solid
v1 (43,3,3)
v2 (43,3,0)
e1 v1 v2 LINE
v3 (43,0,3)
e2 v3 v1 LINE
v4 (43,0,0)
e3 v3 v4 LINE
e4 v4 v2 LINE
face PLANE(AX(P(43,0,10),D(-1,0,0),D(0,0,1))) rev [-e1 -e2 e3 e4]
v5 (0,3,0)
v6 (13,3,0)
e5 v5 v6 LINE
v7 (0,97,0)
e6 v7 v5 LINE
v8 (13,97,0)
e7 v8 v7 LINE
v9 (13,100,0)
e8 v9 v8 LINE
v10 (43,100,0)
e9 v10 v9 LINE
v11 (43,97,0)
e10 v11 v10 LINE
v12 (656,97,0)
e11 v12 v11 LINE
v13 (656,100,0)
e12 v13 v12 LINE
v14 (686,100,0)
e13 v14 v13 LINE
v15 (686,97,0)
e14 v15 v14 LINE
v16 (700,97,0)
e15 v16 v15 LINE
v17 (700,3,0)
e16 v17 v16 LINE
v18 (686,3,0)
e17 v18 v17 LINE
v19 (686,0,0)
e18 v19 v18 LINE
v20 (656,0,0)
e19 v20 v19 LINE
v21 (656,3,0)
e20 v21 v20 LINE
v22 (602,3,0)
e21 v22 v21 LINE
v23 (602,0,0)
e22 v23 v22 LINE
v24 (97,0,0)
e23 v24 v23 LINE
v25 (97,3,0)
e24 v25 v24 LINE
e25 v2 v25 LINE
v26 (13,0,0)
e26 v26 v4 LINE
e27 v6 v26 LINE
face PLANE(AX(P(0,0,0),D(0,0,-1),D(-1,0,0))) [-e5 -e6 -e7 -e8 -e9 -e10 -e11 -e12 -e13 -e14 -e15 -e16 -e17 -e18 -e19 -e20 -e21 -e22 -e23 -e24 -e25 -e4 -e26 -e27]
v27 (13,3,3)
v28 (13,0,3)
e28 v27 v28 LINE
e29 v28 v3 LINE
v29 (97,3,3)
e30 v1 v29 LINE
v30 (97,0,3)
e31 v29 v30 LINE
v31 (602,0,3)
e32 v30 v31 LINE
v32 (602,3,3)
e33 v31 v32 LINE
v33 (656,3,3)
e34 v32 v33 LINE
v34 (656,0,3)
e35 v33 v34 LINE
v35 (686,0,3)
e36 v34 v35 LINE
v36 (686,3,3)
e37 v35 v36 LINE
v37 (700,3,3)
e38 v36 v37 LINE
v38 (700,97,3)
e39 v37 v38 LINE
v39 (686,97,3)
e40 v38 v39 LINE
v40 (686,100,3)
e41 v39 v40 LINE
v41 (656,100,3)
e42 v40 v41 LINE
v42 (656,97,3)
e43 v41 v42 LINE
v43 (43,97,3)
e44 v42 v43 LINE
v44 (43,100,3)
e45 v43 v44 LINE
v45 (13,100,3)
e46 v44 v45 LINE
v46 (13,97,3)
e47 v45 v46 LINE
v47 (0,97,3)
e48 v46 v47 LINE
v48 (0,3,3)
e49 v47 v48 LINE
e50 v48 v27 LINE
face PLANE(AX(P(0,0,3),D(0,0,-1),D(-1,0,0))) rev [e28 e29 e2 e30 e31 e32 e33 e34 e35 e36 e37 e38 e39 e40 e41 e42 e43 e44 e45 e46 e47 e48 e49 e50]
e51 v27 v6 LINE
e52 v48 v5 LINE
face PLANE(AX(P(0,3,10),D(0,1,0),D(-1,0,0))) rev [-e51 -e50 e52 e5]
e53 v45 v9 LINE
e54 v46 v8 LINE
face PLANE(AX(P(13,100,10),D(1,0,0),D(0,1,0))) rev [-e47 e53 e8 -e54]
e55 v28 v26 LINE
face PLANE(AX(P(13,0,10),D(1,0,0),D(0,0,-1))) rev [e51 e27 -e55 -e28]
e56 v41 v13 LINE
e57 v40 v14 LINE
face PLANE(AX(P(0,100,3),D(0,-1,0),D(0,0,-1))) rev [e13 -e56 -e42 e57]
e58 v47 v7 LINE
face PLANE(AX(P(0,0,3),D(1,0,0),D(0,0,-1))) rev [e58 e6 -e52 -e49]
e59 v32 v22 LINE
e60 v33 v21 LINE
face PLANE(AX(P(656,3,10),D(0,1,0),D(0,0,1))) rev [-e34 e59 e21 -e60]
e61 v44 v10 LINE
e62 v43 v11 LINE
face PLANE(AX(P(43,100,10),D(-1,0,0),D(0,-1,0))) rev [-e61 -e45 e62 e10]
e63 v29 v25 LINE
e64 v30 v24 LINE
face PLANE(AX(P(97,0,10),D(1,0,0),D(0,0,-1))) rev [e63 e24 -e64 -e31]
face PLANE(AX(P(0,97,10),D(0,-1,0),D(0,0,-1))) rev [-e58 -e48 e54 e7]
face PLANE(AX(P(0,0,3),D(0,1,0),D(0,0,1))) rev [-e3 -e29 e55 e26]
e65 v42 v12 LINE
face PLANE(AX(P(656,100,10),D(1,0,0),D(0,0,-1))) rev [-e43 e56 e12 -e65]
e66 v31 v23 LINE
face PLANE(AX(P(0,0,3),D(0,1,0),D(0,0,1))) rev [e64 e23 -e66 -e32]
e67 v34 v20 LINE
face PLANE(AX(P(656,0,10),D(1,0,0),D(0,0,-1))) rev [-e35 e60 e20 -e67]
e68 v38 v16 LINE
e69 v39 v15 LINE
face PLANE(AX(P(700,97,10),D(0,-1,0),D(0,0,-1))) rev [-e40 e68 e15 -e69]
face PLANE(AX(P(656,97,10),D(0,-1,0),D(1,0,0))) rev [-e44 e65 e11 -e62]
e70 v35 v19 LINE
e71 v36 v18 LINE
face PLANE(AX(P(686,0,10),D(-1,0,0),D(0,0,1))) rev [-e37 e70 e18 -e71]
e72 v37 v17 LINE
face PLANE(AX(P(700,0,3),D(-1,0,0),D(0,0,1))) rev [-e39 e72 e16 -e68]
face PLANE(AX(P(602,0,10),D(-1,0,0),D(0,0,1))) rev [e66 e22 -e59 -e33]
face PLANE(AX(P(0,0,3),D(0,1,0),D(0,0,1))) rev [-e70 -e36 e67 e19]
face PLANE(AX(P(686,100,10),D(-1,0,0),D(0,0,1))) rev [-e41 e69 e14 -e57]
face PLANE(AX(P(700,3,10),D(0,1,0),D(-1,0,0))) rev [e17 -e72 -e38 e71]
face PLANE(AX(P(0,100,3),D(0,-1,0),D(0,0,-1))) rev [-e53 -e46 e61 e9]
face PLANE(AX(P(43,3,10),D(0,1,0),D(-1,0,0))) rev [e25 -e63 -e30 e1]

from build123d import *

# Parameters (mm, degrees)
SKETCH1_W           = 700
SKETCH1_H           = 100
BOSS_EXTRUDE1_DEPTH = 3
SKETCH11_W          = 14
SKETCH11_H          = 3
CUT_EXTRUDE8_DEPTH  = 10
SKETCH12_W          = 54
SKETCH12_H          = 3
CUT_EXTRUDE9_DEPTH  = 10
SKETCH13_W          = 13
SKETCH13_H          = 3
CUT_EXTRUDE10_DEPTH = 10
SKETCH14_W          = 54
SKETCH14_H          = 3
CUT_EXTRUDE11_DEPTH = 10
SKETCH15_W          = 14
SKETCH15_H          = 3
CUT_EXTRUDE12_DEPTH = 10
SKETCH16_W          = 54
SKETCH16_H          = 3
CUT_EXTRUDE13_DEPTH = 10
SKETCH17_W          = 13
SKETCH17_H          = 3
CUT_EXTRUDE14_DEPTH = 10
SKETCH18_W          = 54
SKETCH18_H          = 3
CUT_EXTRUDE15_DEPTH = 10
SKETCH21_W          = 505
SKETCH21_H          = 3
CUT_EXTRUDE16_DEPTH = 3


with BuildPart() as part:
    # Sketch1 → Boss-Extrude1 (new body)
    with BuildSketch(Plane.XY):
        with Locations((350, 50)):
            Rectangle(SKETCH1_W, SKETCH1_H)
    extrude(amount=BOSS_EXTRUDE1_DEPTH)

    # Sketch11 → Cut-Extrude8 (cut)
    with BuildSketch(Plane(origin=(0, 0, 0), x_dir=(-1, 0, 0), z_dir=(0, 0, -1))):
        with Locations((-693, 1.5)):
            Rectangle(SKETCH11_W, SKETCH11_H)
    extrude(amount=-CUT_EXTRUDE8_DEPTH, mode=Mode.SUBTRACT)

    # Sketch12 → Cut-Extrude9 (cut)
    with BuildSketch(Plane(origin=(0, 0, 0), x_dir=(-1, 0, 0), z_dir=(0, 0, -1))):
        with Locations((-629, 1.5)):
            Rectangle(SKETCH12_W, SKETCH12_H)
    extrude(amount=-CUT_EXTRUDE9_DEPTH, mode=Mode.SUBTRACT)

    # Sketch13 → Cut-Extrude10 (cut)
    with BuildSketch(Plane(origin=(0, 0, 0), x_dir=(-1, 0, 0), z_dir=(0, 0, -1))):
        with Locations((-6.5, 1.5)):
            Rectangle(SKETCH13_W, SKETCH13_H)
    extrude(amount=-CUT_EXTRUDE10_DEPTH, mode=Mode.SUBTRACT)

    # Sketch14 → Cut-Extrude11 (cut)
    with BuildSketch(Plane(origin=(0, 0, 0), x_dir=(-1, 0, 0), z_dir=(0, 0, -1))):
        with Locations((-70, 1.5)):
            Rectangle(SKETCH14_W, SKETCH14_H)
    extrude(amount=-CUT_EXTRUDE11_DEPTH, mode=Mode.SUBTRACT)

    # Sketch15 → Cut-Extrude12 (cut)
    with BuildSketch(Plane(origin=(0, 0, 0), x_dir=(-1, 0, 0), z_dir=(0, 0, -1))):
        with Locations((-693, 98.5)):
            Rectangle(SKETCH15_W, SKETCH15_H)
    extrude(amount=-CUT_EXTRUDE12_DEPTH, mode=Mode.SUBTRACT)

    # Sketch16 → Cut-Extrude13 (cut)
    with BuildSketch(Plane(origin=(0, 0, 0), x_dir=(-1, 0, 0), z_dir=(0, 0, -1))):
        with Locations((-629, 98.5)):
            Rectangle(SKETCH16_W, SKETCH16_H)
    extrude(amount=-CUT_EXTRUDE13_DEPTH, mode=Mode.SUBTRACT)

    # Sketch17 → Cut-Extrude14 (cut)
    with BuildSketch(Plane(origin=(0, 0, 0), x_dir=(-1, 0, 0), z_dir=(0, 0, -1))):
        with Locations((-6.5, 98.5)):
            Rectangle(SKETCH17_W, SKETCH17_H)
    extrude(amount=-CUT_EXTRUDE14_DEPTH, mode=Mode.SUBTRACT)

    # Sketch18 → Cut-Extrude15 (cut)
    with BuildSketch(Plane(origin=(0, 0, 0), x_dir=(-1, 0, 0), z_dir=(0, 0, -1))):
        with Locations((-70, 98.5)):
            Rectangle(SKETCH18_W, SKETCH18_H)
    extrude(amount=-CUT_EXTRUDE15_DEPTH, mode=Mode.SUBTRACT)

    # Sketch21 → Cut-Extrude16 (cut)
    with BuildSketch(Plane.XY.offset(3)):
        with Locations((349.5, 98.5)):
            Rectangle(SKETCH21_W, SKETCH21_H)
    extrude(amount=-CUT_EXTRUDE16_DEPTH, mode=Mode.SUBTRACT)


solid = part.part
